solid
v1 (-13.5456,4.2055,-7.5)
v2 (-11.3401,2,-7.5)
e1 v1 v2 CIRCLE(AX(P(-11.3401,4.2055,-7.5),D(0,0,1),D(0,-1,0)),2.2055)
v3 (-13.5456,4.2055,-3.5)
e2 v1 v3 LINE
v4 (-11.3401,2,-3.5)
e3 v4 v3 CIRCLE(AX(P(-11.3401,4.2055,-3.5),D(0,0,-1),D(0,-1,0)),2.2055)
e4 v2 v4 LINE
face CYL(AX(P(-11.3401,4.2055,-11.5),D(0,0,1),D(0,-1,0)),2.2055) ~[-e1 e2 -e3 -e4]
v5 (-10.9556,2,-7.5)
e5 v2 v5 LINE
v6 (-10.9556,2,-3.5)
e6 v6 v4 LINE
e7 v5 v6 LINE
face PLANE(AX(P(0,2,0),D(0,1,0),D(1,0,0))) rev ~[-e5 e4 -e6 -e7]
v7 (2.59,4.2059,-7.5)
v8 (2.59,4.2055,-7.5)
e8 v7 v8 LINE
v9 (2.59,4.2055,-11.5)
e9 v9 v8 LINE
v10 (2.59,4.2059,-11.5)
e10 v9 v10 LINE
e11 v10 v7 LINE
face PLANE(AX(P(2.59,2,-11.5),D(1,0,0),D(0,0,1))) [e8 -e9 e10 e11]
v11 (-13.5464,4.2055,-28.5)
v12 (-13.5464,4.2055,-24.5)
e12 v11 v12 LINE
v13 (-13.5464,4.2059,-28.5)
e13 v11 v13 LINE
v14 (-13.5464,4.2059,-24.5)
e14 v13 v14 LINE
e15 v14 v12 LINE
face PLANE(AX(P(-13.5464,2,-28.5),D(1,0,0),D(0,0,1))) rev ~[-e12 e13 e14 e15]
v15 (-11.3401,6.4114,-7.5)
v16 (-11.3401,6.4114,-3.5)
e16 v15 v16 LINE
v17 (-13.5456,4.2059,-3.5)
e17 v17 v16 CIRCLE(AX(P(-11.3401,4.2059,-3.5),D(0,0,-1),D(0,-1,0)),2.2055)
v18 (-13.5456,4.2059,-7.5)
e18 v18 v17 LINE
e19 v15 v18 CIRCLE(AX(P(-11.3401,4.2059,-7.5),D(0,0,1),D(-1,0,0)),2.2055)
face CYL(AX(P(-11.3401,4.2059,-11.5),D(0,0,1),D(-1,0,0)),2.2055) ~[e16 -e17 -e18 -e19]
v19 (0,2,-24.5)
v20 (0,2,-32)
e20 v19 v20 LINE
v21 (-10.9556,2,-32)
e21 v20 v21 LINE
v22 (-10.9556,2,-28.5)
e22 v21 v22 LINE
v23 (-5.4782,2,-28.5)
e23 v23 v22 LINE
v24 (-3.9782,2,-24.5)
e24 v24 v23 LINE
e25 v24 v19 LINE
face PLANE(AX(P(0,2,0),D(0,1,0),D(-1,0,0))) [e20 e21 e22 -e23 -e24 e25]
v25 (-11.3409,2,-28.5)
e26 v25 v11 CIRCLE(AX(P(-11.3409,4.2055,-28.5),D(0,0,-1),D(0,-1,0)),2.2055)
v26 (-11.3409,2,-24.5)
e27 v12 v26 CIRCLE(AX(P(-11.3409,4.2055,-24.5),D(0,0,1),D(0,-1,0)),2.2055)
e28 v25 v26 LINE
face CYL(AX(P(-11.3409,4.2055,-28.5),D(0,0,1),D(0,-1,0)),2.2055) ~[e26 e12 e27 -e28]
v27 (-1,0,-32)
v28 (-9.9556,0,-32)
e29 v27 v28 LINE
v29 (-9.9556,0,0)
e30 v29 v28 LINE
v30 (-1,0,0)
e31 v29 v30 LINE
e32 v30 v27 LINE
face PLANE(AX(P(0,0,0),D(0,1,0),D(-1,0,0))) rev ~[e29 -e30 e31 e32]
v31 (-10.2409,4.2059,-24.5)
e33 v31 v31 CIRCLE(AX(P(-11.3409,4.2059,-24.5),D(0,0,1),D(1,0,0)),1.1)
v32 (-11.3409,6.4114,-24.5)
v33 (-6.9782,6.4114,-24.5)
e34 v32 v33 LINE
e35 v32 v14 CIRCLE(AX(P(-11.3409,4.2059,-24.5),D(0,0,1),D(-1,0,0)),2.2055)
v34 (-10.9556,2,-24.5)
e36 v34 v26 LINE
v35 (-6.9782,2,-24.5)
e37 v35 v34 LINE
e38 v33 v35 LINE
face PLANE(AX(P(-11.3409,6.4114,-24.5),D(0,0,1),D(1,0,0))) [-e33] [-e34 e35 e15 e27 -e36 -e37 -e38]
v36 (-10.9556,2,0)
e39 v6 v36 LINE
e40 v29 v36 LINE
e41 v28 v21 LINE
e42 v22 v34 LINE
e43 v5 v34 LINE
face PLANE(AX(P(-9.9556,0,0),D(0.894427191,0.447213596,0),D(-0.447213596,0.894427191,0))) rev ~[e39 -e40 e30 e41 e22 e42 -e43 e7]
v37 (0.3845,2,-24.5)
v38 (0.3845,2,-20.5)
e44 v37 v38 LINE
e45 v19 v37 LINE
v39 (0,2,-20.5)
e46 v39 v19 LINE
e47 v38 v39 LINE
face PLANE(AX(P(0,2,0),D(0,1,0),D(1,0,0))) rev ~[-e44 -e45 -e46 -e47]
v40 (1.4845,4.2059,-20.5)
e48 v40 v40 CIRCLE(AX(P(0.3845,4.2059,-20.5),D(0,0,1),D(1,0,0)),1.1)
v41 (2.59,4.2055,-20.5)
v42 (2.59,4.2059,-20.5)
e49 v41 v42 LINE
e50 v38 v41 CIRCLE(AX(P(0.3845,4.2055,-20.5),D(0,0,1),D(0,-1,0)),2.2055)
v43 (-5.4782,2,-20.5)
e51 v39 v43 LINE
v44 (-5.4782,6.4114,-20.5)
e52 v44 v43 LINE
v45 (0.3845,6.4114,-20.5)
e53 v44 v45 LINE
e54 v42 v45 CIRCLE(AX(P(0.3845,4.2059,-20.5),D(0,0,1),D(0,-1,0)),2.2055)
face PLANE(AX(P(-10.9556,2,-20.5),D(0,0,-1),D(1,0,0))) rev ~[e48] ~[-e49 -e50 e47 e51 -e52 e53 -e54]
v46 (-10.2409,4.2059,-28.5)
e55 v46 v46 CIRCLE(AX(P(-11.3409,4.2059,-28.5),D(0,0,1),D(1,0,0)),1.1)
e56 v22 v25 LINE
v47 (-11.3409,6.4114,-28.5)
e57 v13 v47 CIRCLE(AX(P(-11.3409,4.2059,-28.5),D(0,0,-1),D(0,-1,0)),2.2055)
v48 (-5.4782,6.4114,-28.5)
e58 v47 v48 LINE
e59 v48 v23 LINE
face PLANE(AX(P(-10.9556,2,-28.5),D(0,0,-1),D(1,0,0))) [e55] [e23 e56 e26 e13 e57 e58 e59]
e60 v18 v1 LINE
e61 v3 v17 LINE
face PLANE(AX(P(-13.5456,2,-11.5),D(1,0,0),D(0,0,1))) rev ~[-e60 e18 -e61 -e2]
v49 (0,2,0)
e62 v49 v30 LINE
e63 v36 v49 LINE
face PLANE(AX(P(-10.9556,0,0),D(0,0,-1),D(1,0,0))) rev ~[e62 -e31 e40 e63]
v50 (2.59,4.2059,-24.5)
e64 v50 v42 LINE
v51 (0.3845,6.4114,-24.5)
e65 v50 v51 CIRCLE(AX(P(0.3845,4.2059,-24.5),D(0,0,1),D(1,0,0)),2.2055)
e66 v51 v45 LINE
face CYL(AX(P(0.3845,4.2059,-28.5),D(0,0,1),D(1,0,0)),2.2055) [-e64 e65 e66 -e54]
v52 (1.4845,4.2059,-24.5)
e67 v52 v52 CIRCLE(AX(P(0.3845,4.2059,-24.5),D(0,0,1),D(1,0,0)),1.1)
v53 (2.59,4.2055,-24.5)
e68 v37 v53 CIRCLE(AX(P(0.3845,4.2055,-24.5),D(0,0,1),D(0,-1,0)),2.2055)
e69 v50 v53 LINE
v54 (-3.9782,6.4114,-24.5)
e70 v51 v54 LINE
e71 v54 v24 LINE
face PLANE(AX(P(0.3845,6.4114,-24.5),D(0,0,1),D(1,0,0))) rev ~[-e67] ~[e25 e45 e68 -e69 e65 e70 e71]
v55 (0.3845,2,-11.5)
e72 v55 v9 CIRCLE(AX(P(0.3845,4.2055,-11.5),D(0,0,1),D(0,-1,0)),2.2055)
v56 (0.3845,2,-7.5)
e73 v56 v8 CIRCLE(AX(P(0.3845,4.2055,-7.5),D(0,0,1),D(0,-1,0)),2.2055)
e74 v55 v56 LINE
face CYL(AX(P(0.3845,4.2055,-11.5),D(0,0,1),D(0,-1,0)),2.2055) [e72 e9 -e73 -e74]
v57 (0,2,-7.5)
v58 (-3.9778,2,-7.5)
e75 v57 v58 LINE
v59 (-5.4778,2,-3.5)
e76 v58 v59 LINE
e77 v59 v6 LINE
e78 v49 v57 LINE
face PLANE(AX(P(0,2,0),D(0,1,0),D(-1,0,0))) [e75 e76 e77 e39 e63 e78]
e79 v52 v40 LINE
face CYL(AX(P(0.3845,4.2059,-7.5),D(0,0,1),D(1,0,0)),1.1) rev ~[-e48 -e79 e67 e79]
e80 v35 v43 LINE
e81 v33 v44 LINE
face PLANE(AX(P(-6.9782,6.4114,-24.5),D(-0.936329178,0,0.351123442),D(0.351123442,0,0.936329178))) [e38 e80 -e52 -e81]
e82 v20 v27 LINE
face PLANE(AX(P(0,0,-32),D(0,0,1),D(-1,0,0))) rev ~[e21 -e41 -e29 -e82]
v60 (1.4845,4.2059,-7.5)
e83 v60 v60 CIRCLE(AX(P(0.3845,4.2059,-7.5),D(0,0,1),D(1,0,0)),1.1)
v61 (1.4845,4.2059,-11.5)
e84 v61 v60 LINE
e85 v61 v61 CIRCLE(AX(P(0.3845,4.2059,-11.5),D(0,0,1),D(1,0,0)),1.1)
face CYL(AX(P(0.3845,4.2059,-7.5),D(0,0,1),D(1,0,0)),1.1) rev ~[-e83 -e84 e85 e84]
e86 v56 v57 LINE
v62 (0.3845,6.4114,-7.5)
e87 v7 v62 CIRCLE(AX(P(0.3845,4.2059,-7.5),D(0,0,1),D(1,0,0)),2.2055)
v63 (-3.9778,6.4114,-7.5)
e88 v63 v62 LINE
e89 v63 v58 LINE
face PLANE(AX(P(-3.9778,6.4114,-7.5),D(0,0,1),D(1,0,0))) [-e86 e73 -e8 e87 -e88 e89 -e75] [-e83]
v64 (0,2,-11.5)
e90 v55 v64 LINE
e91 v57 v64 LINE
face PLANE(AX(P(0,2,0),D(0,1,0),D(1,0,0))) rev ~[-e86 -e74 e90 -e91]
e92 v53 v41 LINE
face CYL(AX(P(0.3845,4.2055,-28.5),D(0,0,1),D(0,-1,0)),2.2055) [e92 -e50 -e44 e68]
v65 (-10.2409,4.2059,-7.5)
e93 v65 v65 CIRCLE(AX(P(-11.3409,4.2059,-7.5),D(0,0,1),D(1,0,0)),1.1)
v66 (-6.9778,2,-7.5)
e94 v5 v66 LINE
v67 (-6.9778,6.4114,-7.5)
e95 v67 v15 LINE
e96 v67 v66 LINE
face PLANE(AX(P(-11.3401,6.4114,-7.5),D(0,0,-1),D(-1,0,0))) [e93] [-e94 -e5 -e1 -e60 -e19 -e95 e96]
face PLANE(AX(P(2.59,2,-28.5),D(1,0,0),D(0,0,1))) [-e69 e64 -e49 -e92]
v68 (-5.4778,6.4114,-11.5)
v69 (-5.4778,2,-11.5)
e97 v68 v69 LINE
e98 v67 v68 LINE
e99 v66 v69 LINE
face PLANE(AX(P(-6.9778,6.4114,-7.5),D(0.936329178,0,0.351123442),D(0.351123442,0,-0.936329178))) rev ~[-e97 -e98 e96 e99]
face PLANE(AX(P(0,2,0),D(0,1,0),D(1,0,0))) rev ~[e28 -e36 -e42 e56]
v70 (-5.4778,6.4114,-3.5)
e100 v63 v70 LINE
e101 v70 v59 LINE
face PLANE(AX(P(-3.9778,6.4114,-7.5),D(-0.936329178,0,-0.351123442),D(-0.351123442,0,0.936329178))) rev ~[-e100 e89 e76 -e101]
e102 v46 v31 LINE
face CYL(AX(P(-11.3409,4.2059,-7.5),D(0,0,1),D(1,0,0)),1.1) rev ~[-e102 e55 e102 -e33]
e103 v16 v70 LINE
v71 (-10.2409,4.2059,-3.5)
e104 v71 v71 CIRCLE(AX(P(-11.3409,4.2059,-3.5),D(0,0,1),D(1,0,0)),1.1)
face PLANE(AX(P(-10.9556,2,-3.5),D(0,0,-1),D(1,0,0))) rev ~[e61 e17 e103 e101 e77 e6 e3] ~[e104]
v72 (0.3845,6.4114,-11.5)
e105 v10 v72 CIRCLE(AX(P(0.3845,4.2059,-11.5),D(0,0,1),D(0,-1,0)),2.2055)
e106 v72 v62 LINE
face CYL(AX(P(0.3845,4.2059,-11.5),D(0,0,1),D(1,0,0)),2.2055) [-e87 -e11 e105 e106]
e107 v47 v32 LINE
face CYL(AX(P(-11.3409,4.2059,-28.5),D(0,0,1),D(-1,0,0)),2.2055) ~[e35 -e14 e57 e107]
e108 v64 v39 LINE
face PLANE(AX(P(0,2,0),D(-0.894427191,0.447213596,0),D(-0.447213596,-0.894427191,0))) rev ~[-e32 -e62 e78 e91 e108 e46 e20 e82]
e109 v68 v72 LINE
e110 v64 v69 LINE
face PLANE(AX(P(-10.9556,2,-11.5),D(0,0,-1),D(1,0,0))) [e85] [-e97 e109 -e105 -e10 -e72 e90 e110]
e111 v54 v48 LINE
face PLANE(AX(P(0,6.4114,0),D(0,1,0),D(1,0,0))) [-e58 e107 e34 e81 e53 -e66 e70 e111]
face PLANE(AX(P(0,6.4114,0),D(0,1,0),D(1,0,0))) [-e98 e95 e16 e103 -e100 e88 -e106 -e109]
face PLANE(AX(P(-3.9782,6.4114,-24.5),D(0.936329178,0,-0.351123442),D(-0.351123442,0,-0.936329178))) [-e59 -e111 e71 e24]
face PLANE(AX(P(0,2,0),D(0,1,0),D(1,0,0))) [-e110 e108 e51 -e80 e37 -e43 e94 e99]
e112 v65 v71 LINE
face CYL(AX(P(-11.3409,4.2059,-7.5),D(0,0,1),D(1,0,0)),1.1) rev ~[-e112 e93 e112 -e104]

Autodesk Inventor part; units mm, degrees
ref_plane "YZ Plane" through (0, 0, 0) normal (1, 0, 0) x (0, 1, 0)
ref_plane "XZ Plane" through (0, 0, 0) normal (0, 1, 0) x (-1, 0, 0)
ref_plane "XY Plane" through (0, 0, 0) normal (0, 0, 1) x (1, 0, 0)
sketch "Sketch1" plane through (0, 0, 0) normal (0, 1, 0) x (-1, 0, 0)
  line L0 (0, 0) -> (0, -32)
  line L1 (0, -32) -> (10.9556, -32)
  line L2 (10.9556, -32) -> (10.9556, 0)
  line L3 (10.9556, 0) -> (0, 0)
  dimension "d0" = 32
  dimension "d1" = 10.9556
extrude "Extrusion1" add sketch "Sketch1" along normal blind 2
sketch "Sketch2" plane through (-10.9556, 0, 0) normal (0, 0, 1) x (1, 0, 0)
  line L0 (10.9556, 0) -> (0, 0) projected
  line L1 (10.9556, 0) -> (9.9556, 0)
  line L2 (9.9556, 0) -> (9.9556, 2)
  line L3 (10.9556, 2) -> (0, 2) projected
  line L4 (10.9556, 2) -> (9.9556, 0)
  line L5 (0, 0) -> (0, 2) projected
  line L6 (0, 0) -> (1, 0)
  line L7 (1, 0) -> (0, 2)
  line L8 (1, 0) -> (0, 0)
  line L9 (0, 2) -> (0, 0)
  line L10 (0, 2) -> (10.9556, 2)
  line L11 (9.9556, 0) -> (1, 0)
  line L12 (9.9556, 0) -> (10.9556, 0)
  line L13 (10.9556, 0) -> (10.9556, 2) projected
  line L14 (10.9556, 2) -> (10.9556, 0)
  line L15 (10.9556, 0) -> (9.9556, 0)
  dimension "d4" = 1
  dimension "d5" = 1
extrude "Extrusion2" cut sketch "Sketch2" against normal through all contours L0 L4 L13 | L0 L5 L7
sketch "Sketch3" plane through (0, 2, 0) normal (0, 1, 0) x (1, 0, 0)
  line L0 (-10.9556, 32) -> (-10.9556, 0) projected
  line L1 (-10.9556, 32) -> (-10.9556, 0)
  line L2 (-10.9556, 0) -> (-10.9556, 16)
  line L3 (-10.9556, 16) -> (0, 16)
  line L4 (0, 0) -> (0, 32) projected
  line L5 (-10.9556, 0) -> (0, 0) projected
  line L6 (0, 32) -> (-10.9556, 32) projected
  line L7 (-10.9556, 32) -> (-10.9556, 30)
  line L8 (-10.9556, 28.5) -> (0, 28.5)
  line L9 (-10.9556, 0) -> (-10.9556, 2)
  line L10 (-10.9556, 3.5) -> (0, 3.5)
  line L11 (-10.9556, 30) -> (-10.9556, 22)
  line L12 (-10.9556, 20.5) -> (0, 20.5)
  line L13 (-10.9556, 2) -> (-10.9556, 10)
  line L14 (-10.9556, 11.5) -> (0, 11.5)
  line L15 (-10.9556, 20.5) -> (-11.494, 20.5)
  line L16 (-11.494, 20.5) -> (-11.494, 28.5)
  line L17 (-11.494, 28.5) -> (-10.9556, 28.5)
  line L18 (-11.494, 28.5) -> (-13.5464, 28.5)
  line L19 (-13.5464, 28.5) -> (-13.5464, 20.5)
  line L20 (-13.5464, 20.5) -> (-11.494, 20.5)
  line L21 (-11.494, 28.5) -> (-12.994, 28.5)
  line L22 (-11.494, 28.5) -> (-9.994, 28.5)
  line L23 (0, 30) -> (0, 22)
  line L24 (0, 20.5) -> (0.538, 20.5)
  line L25 (0.538, 20.5) -> (0.538, 28.5)
  line L26 (0.538, 28.5) -> (0, 28.5)
  line L27 (0.538, 28.5) -> (2.59, 28.5)
  line L28 (2.59, 28.5) -> (2.59, 20.5)
  line L29 (2.59, 20.5) -> (0.538, 20.5)
  line L30 (0.538, 28.5) -> (2.038, 28.5)
  line L31 (2.038, 28.5) -> (2.038, 20.5)
  line L32 (0.538, 28.5) -> (-0.962, 28.5)
  line L33 (-0.962, 30) -> (-0.962, 22)
  line L34 (-10.9556, 11.5) -> (-11.4936, 11.5)
  line L35 (-11.4936, 11.5) -> (-13.5456, 11.5)
  line L36 (-13.5456, 11.5) -> (-13.5456, 3.5)
  line L37 (-13.5456, 3.5) -> (-10.9556, 3.5)
  line L38 (0, 11.5) -> (0.538, 11.5)
  line L39 (0.538, 11.5) -> (2.59, 11.5)
  line L40 (2.59, 11.5) -> (2.59, 3.5)
  line L41 (2.59, 3.5) -> (0, 3.5)
  line L42 (0, 10) -> (0, 11.5)
  line L43 (0, 11.5) -> (-10.9556, 11.5)
  line L44 (0, 22) -> (0, 20.5)
  dimension "d8" = 32
  dimension "d10" = 2
  dimension "d11" = 2
  dimension "d12" = 8
  dimension "d13" = 8
  dimension "d14" = 0.5384
  dimension "d15" = 2.0524
  dimension "d16" = 1.5
  dimension "d17" = 1.5
  dimension "d23" = 0.538
  dimension "d24" = 2.052
  dimension "d25" = 1.5
  dimension "d26" = 1.5
  dimension "d27" = 0.538
  dimension "d28" = 2.052
  dimension "d29" = 0.538
  dimension "d43" = 1.5
  dimension "d44" = 1.5
extrude "Extrusion3" add sketch "Sketch3" along normal blind 4.4114 contours L8 L4 L12 L0 | L0 L15 L16 L17 | L16 L20 L19 L18 | L26 L25 L24 L4 | L27 L31 L29 L25 | L27 L28 L29 L31 | L14 L4 L10 L0 | L0 L37 L36 L35 L34 | L38 L39 L40 L41 L4
fillet "Fillet1" radius 2.2055 8 edges at (2.59, 6.4114, -7.5) (2.59, 2, -7.5) (2.59, 6.4114, -24.5) (2.59, 2, -24.5) (-13.5464, 6.4114, -24.5) (-13.5464, 2, -24.5) (-13.5456, 6.4114, -7.5) (-13.5456, 2, -7.5)
sketch "Sketch4" plane through (0, 6.4114, 0) normal (0, 1, 0) x (1, 0, 0)
  line L0 (-11.3401, 3.5) -> (-11.3401, 11.5) projected
  line L1 (-11.3401, 11.5) -> (-11.3401, 3.5)
  line L2 (-11.3401, 3.5) -> (-11.3401, 7.5)
  line L3 (-11.3401, 7.5) -> (-13.5456, 7.5)
  line L4 (-13.5456, 3.5) -> (-13.5456, 11.5) projected
  line L5 (-11.3401, 7.5) -> (2.59, 7.5)
  line L6 (2.59, 11.5) -> (2.59, 3.5) projected
  line L7 (0.3845, 3.5) -> (0.3845, 11.5) projected
  line L8 (-10.9556, 11.5) -> (0, 11.5) projected
  line L9 (-5.4778, 11.5) -> (-5.4778, 3.5)
  line L10 (-11.3401, 3.5) -> (0.3845, 3.5) projected
  line L11 (-5.4778, 7.5) -> (-6.9778, 7.5)
  line L12 (-6.9778, 7.5) -> (-5.4778, 11.5)
  line L13 (-5.4778, 7.5) -> (-3.9778, 7.5)
  line L14 (-3.9778, 7.5) -> (-5.4778, 3.5)
  line L15 (2.59, 2) -> (0.3845, 2) projected
  line L16 (-5.4778, 3.5) -> (2.59, 3.5)
  line L17 (2.59, 3.5) -> (2.59, 7.5)
  line L18 (-13.5456, 7.5) -> (-13.5456, 11.5)
  line L19 (-13.5456, 11.5) -> (-11.3401, 11.5) projected
  line L20 (-5.4778, 11.5) -> (-13.5456, 11.5)
  line L21 (-13.5456, 11.5) -> (-13.5456, 7.5)
  line L22 (-11.3409, 28.5) -> (-11.3409, 20.5) projected
  line L23 (-11.3409, 28.5) -> (-11.3409, 20.5)
  line L24 (-11.3409, 20.5) -> (-11.3409, 24.5)
  line L25 (-11.3409, 24.5) -> (0.3845, 24.5)
  line L26 (0.3845, 24.5) -> (-5.4782, 24.5)
  line L27 (-5.4782, 28.5) -> (-5.4782, 24.5)
  line L28 (-5.4782, 24.5) -> (-5.4782, 20.5)
  line L29 (-5.4782, 20.5) -> (-5.4782, 24.5)
  line L30 (-5.4782, 24.5) -> (-3.9782, 24.5)
  line L31 (-3.9782, 24.5) -> (-5.4782, 28.5)
  line L32 (-5.4782, 24.5) -> (-6.9782, 24.5)
  line L33 (-6.9782, 24.5) -> (-5.4782, 20.5)
  line L34 (-13.5464, 20.5) -> (-13.5464, 28.5) projected
  line L35 (-5.4782, 20.5) -> (-13.5464, 20.5)
  line L36 (-13.5464, 20.5) -> (-13.5464, 24.5)
  line L37 (-13.5464, 24.5) -> (-6.9782, 24.5)
  line L38 (-10.9556, 28.5) -> (0, 28.5) projected
  line L39 (-3.9782, 24.5) -> (4.3111, 24.5)
  line L40 (4.3111, 24.5) -> (4.3111, 28.5)
  line L41 (-5.4782, 28.5) -> (4.3111, 28.5)
  line L42 (0.3845, 28.5) -> (-11.3409, 28.5) projected
  point P0 (0, 0)
  point P1 (2.59, 10)
  point P2 (0.3845, 10)
  point P3 (0, 10)
  point P4 (0, 28.5)
  point P5 (-3.9782, 24.5)
  dimension "d33" = 1.5
  dimension "d34" = 1.5
  dimension "d37" = 1.5
  dimension "d38" = 1.5
extrude "Extrusion4" cut sketch "Sketch4" against normal blind 4.4114 contours L3 L4 L19 L0 | L0 L20 L8 L12 L5 | L14 L5 L7 L10 | L7 L5 L6 L16 | L25 L33 L35 L22 | L22 L35 L34 L37 | L38 L41 L40 L39 L25 L31
sketch "Sketch5" plane through (-3.9778, 6.4114, -7.5) normal (0, 0, 1) x (1, 0, 0)
  arc A0 (6.5678, -2.2055) -> (4.3623, 0) centre (4.3623, -2.2055) ccw projected
  line L0 (4.3623, 0) -> (4.3623, -2.2055)
  arc A1 (-7.3631, 0) -> (-9.5686, -2.2055) centre (-7.3631, -2.2055) ccw projected
  line L1 (-7.3631, 0) -> (-7.3631, -2.2055)
  circle A2 centre (-7.3631, -2.2055) radius 1.1
  circle A3 centre (4.3623, -2.2055) radius 1.1
  point P0 (3.9778, -6.4114)
  dimension "d39" = 2.2
  dimension "d40" = 2.2
extrude "Extrusion5" cut sketch "Sketch5" along normal through all both and the other way through all
sketch "Sketch6" plane through (0, 6.4114, 0) normal (0, 1, 0) x (1, 0, 0)
  point P0 (0, 0)
properties part number "pás-tiger I"
